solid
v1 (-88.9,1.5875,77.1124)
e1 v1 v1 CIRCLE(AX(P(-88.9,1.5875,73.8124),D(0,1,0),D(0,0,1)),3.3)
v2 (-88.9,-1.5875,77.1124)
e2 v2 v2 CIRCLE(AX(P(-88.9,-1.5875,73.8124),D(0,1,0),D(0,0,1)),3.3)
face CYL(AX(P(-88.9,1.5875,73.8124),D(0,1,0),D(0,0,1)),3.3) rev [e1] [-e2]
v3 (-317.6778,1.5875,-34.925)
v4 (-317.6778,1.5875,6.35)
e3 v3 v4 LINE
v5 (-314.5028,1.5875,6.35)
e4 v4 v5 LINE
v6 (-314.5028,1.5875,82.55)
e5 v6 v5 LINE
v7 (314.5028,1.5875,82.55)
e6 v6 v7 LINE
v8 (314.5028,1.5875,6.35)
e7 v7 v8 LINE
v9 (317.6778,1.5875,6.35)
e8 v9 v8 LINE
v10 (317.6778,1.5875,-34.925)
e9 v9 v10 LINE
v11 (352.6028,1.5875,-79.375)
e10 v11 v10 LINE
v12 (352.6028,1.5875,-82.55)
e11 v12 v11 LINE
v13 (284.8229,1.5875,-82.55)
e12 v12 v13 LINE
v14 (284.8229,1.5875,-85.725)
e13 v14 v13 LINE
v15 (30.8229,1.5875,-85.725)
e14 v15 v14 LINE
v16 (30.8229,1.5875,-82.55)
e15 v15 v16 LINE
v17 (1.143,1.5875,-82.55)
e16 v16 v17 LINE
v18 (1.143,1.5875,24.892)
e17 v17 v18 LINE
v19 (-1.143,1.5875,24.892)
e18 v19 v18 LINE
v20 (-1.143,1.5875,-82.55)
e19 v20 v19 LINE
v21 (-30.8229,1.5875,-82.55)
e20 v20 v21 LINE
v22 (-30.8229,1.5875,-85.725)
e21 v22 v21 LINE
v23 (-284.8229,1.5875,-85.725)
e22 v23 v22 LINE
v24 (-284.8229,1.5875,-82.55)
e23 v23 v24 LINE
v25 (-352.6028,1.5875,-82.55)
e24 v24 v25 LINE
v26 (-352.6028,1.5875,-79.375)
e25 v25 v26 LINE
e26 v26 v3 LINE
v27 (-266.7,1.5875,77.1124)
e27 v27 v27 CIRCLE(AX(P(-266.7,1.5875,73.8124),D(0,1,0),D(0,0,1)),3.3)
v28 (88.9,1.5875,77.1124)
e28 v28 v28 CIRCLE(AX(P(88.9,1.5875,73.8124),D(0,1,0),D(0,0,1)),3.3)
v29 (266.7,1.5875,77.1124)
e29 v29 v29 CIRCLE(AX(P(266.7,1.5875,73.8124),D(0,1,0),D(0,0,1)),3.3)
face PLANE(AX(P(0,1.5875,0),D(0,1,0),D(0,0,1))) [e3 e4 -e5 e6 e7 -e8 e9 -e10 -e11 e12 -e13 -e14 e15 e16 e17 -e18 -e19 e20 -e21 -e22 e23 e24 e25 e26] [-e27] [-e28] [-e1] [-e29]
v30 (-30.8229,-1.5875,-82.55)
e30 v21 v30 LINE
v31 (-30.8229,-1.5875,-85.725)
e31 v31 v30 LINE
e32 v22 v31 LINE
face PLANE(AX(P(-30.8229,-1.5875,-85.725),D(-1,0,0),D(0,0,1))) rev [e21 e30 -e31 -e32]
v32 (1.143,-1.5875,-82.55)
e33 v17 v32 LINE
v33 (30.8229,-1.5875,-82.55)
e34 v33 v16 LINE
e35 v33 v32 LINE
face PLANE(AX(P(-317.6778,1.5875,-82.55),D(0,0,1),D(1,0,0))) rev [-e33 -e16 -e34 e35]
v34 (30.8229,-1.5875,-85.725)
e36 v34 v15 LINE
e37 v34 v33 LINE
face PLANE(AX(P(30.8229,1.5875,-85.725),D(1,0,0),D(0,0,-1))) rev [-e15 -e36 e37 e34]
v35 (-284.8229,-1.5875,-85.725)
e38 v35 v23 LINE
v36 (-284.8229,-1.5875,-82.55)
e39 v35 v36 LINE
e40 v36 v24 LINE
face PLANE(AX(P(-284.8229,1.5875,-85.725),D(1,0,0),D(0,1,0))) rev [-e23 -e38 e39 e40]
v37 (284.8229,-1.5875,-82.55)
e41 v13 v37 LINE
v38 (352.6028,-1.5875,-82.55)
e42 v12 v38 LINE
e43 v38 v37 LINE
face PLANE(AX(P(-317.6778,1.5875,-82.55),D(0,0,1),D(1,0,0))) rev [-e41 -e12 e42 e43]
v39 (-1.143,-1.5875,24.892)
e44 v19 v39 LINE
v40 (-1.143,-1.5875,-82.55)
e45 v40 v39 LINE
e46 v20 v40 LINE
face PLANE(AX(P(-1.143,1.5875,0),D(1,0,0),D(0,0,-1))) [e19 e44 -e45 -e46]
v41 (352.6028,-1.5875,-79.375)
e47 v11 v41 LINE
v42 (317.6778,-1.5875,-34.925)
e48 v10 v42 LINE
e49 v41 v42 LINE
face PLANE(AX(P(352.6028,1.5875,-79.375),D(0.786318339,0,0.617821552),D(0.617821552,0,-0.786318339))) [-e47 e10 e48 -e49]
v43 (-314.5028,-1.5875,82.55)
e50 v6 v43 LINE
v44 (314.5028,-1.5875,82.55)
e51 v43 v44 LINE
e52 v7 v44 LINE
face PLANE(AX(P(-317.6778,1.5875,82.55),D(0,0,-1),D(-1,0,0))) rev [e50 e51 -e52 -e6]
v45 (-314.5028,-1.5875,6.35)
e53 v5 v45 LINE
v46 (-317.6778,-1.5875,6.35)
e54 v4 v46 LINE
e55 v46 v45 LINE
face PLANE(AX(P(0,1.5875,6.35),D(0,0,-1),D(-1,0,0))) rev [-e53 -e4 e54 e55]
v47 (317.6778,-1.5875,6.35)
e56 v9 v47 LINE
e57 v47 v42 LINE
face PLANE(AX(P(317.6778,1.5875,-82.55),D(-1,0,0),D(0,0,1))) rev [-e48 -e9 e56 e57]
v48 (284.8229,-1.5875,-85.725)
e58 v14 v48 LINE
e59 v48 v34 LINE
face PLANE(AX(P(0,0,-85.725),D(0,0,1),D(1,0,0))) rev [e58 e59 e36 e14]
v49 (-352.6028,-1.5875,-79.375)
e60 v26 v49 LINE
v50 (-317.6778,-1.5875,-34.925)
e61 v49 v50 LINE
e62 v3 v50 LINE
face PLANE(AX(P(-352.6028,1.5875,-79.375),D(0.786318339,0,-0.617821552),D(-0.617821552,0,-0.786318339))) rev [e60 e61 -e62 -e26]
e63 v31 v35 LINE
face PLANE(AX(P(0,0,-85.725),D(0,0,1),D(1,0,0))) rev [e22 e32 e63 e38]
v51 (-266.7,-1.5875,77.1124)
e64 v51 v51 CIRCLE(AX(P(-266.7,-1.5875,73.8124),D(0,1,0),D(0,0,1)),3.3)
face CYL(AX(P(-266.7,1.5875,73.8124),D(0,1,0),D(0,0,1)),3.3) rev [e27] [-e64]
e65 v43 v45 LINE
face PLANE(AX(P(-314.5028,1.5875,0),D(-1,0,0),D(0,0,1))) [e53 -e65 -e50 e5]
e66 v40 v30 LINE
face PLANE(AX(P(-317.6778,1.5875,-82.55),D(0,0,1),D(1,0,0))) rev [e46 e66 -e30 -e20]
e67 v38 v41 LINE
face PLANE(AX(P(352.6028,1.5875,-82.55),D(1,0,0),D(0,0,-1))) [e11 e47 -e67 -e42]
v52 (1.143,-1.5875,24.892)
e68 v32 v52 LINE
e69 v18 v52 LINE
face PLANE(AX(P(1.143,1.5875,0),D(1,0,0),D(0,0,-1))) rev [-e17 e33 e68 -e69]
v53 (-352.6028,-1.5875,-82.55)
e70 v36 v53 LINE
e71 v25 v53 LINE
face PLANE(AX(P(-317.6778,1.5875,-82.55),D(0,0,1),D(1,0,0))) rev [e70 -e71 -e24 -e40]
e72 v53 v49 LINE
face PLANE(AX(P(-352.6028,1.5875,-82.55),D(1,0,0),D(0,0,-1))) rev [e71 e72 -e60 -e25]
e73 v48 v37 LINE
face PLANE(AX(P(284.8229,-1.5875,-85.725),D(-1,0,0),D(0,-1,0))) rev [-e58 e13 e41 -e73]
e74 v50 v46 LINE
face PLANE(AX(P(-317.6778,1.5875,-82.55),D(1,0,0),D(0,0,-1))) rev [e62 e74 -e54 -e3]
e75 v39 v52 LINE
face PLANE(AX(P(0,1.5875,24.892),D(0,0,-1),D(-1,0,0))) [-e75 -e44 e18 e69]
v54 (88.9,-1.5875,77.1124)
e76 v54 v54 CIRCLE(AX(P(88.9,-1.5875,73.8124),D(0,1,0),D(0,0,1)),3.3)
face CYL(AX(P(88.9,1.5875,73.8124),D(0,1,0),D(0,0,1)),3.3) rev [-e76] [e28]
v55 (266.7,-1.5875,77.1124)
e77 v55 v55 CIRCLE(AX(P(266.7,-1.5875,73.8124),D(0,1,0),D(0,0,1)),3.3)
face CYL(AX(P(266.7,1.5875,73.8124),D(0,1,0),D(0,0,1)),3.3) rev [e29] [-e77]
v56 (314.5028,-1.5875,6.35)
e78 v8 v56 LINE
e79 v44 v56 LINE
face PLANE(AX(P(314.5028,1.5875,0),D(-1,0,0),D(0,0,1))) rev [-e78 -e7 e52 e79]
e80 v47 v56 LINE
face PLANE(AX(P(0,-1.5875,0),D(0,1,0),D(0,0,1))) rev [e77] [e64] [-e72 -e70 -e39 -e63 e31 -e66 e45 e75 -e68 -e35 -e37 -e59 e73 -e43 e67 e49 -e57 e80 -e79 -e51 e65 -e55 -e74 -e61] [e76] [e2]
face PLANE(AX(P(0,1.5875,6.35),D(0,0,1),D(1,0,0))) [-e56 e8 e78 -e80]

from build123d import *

# Parameters (mm, degrees)
SKETCH1_W            = 635.3556
SKETCH1_H            = 165.1
BOSS_EXTRUDE1_DEPTH  = 1.5875
SKETCH2_W            = 254
SKETCH2_H            = 3.175
BOSS_EXTRUDE2_DEPTH  = 3.175
BOSS_EXTRUDE3_DEPTH  = 3.175
SKETCH5_W            = 3.175
SKETCH5_H            = 76.2
SKETCH5_W_2          = 2.286
SKETCH5_H_2          = 107.442
CUT_EXTRUDE2_DEPTH   = 4.175
M6_CLEARANCE_HOLE1_D = 6.6
LPATTERN2_COUNT      = 4
LPATTERN2_PITCH      = 177.8


with BuildPart() as part:
    # Sketch1 → Boss-Extrude1 (new body, symmetric)
    with BuildSketch(Plane(origin=(0, 0, 0), x_dir=(1, 0, 0), z_dir=(0, 1, 0))):
        Rectangle(SKETCH1_W, SKETCH1_H)
    extrude(amount=BOSS_EXTRUDE1_DEPTH, both=True)

    # Sketch2 → Boss-Extrude2 (add)
    with BuildSketch(Plane(origin=(0, 0, -82.55), x_dir=(-1, 0, 0), z_dir=(0, 0, -1))):
        with Locations((-157.8229, 0)):
            Rectangle(SKETCH2_W, SKETCH2_H)
        with Locations((157.8229, 0)):
            Rectangle(SKETCH2_W, SKETCH2_H)
    extrude(amount=BOSS_EXTRUDE2_DEPTH)

    # Sketch3 → Boss-Extrude3 (add)
    with BuildSketch(Plane.XZ.offset(1.5875)):
        Polygon((317.6778, -82.55), (352.6028, -82.55), (352.6028, -79.375), (317.6778, -34.925), align=None)
    boss_extrude3 = extrude(amount=-BOSS_EXTRUDE3_DEPTH)

    # Mirror1: Boss-Extrude3 across plane
    add(boss_extrude3.mirror(Plane(origin=(0, 0, 0), x_dir=(0, 0, 1), z_dir=(1, 0, 0))))

    # Sketch5 → Cut-Extrude2 (cut, through all)
    with BuildSketch(Plane.XZ.offset(1.5875)):
        with Locations((316.0903, 44.45)):
            Rectangle(SKETCH5_W, SKETCH5_H)
        with Locations((-316.0903, 44.45)):
            Rectangle(SKETCH5_W, SKETCH5_H)
        with Locations((0, -28.829)):
            Rectangle(SKETCH5_W_2, SKETCH5_H_2)
    extrude(amount=-CUT_EXTRUDE2_DEPTH, mode=Mode.SUBTRACT)

    # M6 Clearance Hole1 (through all)
    with Locations(Plane(origin=(0, 1.5875, 0), x_dir=(1, 0, 0), z_dir=(0, 1, 0))):
        with Locations((266.7, -73.8124)):
            m6_clearance_hole1 = Hole(M6_CLEARANCE_HOLE1_D / 2)

    # LPattern2: M6 Clearance Hole1 ×4
    with Locations(*[(-i * LPATTERN2_PITCH, 0, 0) for i in range(1, LPATTERN2_COUNT)]):
        add(m6_clearance_hole1, mode=Mode.SUBTRACT)


solid = part.part
